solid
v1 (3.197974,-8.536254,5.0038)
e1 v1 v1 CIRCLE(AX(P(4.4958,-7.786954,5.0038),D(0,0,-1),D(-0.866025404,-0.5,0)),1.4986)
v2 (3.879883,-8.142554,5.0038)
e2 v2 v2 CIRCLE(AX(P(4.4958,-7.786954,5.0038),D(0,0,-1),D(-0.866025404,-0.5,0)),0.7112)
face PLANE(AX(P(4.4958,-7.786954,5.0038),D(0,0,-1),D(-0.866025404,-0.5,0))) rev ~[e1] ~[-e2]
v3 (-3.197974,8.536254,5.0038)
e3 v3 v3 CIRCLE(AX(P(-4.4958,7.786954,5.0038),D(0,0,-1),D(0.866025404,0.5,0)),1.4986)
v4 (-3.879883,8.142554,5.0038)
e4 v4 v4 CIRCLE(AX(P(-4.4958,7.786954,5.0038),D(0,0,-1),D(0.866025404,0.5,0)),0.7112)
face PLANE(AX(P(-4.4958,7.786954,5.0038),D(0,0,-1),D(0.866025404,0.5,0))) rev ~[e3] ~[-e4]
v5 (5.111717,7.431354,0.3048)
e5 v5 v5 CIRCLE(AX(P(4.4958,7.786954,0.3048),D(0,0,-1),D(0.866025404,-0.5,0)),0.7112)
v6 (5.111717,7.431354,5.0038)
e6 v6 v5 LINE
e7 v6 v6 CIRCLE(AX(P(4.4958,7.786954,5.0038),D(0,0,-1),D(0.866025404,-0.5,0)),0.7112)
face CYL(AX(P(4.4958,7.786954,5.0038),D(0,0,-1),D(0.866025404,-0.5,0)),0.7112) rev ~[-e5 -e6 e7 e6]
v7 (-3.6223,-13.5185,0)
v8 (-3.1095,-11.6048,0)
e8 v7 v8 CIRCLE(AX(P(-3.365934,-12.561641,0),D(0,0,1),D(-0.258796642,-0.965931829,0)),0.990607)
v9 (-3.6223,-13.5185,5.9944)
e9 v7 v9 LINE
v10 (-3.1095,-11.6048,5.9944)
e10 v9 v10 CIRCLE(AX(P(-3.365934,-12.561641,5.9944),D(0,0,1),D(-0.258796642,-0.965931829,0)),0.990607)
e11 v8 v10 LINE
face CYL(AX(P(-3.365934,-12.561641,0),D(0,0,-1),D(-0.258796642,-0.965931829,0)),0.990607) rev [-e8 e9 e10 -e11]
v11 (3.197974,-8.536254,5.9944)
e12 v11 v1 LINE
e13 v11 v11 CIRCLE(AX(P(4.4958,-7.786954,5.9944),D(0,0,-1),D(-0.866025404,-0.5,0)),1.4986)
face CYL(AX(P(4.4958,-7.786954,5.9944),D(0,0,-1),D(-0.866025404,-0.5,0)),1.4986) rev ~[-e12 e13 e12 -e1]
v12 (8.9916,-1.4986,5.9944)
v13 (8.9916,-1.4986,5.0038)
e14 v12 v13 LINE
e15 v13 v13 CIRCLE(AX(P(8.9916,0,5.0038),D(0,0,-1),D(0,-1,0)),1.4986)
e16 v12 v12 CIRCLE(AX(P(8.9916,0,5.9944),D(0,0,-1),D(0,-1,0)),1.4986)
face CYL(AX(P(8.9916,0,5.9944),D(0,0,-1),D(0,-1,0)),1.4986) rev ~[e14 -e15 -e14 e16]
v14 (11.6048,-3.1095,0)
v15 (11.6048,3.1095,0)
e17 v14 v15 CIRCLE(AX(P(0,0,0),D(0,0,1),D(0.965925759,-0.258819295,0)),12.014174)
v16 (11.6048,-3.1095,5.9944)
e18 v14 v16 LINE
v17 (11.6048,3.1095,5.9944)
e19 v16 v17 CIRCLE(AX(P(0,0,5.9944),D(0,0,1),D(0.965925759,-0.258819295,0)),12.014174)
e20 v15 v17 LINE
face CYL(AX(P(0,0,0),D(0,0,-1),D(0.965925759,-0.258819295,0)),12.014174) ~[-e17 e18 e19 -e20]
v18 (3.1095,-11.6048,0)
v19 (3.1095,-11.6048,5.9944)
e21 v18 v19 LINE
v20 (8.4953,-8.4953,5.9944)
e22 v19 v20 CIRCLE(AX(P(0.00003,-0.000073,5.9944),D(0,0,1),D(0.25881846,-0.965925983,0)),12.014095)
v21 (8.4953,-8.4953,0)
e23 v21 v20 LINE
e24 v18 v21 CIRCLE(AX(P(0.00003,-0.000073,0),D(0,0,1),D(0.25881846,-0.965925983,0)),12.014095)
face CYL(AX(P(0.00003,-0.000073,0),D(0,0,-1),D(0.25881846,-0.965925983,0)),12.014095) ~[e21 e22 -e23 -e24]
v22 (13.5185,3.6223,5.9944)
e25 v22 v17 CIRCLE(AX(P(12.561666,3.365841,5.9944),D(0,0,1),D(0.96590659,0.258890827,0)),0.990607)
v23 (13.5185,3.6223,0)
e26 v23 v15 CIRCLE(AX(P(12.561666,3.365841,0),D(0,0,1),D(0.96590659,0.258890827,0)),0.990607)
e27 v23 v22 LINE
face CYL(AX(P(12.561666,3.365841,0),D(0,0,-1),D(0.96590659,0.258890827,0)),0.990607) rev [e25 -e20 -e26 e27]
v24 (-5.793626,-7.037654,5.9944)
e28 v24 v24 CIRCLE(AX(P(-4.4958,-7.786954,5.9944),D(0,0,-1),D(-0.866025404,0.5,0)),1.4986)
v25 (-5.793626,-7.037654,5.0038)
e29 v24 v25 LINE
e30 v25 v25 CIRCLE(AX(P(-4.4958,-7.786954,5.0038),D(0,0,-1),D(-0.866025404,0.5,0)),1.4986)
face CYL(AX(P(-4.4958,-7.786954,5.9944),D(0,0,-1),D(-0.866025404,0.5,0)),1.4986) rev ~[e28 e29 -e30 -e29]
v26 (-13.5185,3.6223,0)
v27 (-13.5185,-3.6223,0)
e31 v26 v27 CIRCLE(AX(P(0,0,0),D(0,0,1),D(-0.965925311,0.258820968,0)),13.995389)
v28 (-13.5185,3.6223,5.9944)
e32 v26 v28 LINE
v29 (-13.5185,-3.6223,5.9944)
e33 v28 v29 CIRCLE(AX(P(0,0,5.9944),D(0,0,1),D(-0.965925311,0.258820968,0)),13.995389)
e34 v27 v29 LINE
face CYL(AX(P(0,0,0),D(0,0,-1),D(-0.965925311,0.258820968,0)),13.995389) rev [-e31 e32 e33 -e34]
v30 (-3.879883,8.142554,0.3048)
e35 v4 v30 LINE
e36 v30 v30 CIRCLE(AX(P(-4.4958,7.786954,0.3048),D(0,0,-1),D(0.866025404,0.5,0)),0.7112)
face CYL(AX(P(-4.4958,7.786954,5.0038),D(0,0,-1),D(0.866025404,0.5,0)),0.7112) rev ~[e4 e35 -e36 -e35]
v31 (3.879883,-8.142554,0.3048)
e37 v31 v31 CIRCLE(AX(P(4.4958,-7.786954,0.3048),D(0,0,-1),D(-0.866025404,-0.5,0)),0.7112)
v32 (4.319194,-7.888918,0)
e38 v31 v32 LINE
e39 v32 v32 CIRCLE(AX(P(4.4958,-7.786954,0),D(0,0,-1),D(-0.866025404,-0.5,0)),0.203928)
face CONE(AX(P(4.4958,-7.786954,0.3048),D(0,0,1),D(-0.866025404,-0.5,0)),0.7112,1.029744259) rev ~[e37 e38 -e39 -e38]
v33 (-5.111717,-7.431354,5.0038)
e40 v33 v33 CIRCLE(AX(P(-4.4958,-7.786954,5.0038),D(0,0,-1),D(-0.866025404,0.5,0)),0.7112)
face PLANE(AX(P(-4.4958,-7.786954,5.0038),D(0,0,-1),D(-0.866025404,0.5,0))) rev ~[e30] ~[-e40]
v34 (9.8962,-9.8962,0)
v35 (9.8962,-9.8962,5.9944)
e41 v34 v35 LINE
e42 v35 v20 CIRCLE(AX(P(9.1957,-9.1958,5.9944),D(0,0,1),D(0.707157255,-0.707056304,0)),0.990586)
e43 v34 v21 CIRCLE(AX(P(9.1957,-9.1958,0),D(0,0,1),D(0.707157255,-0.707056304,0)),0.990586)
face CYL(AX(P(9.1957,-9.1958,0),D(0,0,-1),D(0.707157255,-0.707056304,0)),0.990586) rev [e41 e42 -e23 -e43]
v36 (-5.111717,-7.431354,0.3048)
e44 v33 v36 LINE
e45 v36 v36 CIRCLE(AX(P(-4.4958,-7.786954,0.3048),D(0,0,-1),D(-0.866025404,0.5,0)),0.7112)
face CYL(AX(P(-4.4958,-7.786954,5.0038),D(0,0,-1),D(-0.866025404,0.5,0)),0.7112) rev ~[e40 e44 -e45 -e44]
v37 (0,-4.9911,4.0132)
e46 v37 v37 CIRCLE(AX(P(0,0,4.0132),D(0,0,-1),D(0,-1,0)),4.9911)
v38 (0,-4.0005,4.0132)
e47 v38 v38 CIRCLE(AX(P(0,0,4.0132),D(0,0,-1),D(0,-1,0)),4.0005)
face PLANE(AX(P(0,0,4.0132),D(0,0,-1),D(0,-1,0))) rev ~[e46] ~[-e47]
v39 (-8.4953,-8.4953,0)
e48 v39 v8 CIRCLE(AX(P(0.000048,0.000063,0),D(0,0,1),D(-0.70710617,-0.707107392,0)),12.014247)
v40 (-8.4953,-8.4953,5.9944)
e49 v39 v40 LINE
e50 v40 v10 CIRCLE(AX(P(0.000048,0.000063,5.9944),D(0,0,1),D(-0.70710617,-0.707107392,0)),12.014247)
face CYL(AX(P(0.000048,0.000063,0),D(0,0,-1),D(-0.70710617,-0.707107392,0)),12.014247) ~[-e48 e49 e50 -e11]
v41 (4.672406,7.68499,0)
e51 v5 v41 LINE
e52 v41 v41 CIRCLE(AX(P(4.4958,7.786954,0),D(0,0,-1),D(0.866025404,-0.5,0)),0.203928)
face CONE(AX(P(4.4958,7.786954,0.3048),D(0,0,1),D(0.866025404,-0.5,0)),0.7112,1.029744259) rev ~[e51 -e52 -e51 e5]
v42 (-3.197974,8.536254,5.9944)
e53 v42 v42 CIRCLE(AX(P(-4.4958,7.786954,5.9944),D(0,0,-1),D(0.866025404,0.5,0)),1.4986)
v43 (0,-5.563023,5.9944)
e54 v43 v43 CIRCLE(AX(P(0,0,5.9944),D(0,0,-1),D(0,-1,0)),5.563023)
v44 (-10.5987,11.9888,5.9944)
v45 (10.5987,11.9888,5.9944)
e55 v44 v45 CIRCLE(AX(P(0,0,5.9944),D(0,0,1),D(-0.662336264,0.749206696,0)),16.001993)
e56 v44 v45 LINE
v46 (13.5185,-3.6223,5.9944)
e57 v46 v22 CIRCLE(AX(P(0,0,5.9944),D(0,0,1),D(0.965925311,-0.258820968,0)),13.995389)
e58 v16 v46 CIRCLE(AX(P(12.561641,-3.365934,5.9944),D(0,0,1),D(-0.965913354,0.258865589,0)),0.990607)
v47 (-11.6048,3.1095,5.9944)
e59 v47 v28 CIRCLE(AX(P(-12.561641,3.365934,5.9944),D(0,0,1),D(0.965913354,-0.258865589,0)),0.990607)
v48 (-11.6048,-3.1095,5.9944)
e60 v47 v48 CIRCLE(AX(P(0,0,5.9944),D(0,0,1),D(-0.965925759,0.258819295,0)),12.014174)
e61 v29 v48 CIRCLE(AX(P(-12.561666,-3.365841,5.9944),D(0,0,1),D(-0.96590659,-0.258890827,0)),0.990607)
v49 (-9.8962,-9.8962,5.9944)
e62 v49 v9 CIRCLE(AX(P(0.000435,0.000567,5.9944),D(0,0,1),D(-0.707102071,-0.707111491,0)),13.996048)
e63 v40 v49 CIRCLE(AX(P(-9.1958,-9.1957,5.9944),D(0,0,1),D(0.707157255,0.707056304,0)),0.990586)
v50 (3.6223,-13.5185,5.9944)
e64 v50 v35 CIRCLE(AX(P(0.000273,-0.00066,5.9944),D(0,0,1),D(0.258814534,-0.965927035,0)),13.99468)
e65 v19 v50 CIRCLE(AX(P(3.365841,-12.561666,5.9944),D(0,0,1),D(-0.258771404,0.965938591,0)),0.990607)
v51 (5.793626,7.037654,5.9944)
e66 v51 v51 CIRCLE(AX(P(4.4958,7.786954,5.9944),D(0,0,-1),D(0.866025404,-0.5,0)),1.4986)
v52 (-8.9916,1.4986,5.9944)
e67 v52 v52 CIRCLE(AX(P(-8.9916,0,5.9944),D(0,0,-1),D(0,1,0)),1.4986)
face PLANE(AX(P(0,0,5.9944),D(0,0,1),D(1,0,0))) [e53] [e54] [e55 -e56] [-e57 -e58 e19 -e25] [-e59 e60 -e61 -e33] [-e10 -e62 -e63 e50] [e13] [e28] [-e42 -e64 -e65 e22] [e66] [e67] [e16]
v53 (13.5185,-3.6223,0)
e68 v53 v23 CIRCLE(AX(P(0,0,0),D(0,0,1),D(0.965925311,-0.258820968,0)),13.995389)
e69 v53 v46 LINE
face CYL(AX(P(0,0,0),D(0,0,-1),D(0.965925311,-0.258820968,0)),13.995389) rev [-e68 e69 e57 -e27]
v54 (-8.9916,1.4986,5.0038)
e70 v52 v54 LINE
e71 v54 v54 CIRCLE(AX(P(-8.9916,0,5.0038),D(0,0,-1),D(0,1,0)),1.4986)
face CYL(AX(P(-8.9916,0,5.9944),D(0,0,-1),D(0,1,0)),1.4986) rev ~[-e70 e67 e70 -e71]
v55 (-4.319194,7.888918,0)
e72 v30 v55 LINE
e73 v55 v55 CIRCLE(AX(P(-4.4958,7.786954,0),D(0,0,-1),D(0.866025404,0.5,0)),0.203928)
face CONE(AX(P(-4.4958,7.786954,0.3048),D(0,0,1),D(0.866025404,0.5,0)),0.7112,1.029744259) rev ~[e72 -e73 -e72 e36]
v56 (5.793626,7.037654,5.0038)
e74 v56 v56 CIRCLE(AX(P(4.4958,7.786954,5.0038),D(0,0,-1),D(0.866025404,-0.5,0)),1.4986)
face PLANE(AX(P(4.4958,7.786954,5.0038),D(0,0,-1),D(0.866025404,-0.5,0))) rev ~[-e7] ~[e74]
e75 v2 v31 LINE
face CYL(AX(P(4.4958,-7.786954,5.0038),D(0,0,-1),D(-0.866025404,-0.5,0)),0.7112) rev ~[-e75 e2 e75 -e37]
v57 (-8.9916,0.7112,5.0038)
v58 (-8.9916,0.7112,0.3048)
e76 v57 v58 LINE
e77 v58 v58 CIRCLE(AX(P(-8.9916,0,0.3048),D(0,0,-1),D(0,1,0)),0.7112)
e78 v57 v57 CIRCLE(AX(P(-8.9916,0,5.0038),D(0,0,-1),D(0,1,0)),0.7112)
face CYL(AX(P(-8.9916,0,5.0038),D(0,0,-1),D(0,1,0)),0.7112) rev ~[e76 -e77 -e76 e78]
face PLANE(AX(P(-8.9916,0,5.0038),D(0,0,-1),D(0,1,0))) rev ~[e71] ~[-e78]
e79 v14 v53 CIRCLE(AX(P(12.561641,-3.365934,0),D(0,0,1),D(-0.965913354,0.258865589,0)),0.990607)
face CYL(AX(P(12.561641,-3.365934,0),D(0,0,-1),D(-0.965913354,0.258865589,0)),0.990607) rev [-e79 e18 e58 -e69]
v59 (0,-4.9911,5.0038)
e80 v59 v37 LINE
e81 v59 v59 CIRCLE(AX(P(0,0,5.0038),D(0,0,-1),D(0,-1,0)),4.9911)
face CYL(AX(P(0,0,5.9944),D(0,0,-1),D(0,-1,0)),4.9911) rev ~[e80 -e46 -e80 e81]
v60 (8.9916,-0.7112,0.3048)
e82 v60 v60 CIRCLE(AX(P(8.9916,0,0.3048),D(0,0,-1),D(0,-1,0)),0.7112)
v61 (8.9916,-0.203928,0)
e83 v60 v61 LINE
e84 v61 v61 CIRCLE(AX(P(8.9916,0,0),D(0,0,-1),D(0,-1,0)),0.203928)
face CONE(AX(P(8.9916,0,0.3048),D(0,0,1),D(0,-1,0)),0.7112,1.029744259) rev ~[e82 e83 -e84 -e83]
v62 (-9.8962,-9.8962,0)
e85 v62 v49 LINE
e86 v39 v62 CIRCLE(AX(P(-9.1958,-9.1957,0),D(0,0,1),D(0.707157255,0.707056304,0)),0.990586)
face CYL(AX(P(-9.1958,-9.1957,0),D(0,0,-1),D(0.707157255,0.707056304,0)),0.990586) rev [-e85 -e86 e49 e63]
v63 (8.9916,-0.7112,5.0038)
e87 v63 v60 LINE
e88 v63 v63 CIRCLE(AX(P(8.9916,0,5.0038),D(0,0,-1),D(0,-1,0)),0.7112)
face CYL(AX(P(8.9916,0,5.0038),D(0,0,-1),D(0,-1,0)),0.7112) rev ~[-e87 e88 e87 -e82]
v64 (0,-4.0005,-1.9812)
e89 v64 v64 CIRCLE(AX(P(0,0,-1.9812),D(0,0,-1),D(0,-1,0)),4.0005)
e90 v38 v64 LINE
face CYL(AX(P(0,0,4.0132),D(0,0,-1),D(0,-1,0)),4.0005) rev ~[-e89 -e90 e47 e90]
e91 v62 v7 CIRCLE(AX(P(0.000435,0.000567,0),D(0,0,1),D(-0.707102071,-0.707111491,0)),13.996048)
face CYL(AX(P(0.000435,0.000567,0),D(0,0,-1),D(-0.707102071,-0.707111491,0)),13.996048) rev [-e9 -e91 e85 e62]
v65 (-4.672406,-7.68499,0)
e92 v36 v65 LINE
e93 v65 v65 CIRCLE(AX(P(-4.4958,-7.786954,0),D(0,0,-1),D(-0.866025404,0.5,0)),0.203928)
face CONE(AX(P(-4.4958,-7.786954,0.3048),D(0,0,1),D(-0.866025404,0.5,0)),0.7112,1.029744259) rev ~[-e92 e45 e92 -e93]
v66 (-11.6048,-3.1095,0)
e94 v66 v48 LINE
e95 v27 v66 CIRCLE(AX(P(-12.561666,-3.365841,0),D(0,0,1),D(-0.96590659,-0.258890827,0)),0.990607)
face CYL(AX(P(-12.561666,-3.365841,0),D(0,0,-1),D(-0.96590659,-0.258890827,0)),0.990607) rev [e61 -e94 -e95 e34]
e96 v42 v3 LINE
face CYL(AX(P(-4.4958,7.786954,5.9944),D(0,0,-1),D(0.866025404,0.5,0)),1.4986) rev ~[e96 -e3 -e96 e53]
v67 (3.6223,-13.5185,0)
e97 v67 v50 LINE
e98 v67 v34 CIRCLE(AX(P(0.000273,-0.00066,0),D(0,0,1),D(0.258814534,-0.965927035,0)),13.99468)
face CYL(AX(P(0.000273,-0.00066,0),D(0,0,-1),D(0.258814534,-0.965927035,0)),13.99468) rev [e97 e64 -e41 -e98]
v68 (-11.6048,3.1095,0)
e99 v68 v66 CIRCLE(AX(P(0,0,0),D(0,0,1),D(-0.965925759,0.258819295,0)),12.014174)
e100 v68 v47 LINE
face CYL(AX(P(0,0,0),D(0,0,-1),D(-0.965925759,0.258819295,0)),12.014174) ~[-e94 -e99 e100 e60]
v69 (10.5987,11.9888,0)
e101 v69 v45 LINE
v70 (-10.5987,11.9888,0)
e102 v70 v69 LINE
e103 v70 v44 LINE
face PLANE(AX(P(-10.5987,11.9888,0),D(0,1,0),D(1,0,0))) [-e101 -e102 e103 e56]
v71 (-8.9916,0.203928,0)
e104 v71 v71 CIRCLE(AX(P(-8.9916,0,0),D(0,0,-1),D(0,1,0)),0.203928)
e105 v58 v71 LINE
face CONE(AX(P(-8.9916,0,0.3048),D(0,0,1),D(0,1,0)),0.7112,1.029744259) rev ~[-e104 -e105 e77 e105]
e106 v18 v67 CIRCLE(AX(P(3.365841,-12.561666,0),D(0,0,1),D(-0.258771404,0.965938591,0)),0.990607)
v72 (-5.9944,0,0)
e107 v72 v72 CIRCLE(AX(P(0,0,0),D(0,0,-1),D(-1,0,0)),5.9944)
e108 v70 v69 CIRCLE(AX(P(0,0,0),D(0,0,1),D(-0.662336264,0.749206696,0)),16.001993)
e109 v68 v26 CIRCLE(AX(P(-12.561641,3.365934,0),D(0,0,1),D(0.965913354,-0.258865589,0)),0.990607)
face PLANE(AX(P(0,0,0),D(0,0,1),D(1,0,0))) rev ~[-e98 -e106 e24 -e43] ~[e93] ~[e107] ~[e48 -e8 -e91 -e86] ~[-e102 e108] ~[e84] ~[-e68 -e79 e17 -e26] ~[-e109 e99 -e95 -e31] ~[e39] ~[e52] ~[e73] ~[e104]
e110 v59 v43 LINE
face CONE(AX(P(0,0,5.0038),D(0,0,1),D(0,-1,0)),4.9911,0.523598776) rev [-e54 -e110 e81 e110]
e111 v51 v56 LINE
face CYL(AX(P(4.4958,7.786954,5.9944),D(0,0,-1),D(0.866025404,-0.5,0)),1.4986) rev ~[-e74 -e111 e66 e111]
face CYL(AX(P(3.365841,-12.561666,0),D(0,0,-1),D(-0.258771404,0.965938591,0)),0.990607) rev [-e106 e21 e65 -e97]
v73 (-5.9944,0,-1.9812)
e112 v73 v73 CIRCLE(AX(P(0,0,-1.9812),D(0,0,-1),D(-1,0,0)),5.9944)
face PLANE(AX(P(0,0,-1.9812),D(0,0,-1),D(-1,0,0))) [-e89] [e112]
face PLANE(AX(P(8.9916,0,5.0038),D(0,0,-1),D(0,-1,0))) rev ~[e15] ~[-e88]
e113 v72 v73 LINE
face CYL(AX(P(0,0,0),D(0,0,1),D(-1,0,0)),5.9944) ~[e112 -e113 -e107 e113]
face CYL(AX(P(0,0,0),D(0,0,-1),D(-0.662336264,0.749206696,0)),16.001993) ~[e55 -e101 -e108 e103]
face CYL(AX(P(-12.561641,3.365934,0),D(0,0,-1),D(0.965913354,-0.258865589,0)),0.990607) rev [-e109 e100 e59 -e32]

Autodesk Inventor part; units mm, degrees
ref_plane "YZ Plane" through (0, 0, 0) normal (1, 0, 0) x (0, 1, 0)
ref_plane "XZ Plane" through (0, 0, 0) normal (0, 1, 0) x (-1, 0, 0)
ref_plane "XY Plane" through (0, 0, 0) normal (0, 0, 1) x (1, 0, 0)
sketch "Sketch1" plane through (0, 0, 0) normal (0, 0, 1) x (1, 0, 0)
  arc A0 (-10.5987, 11.9888) -> (10.5987, 11.9888) centre (0, 0) ccw
  line L0 (-10.5987, 11.9888) -> (10.5987, 11.9888)
  arc A1 (12.5617, -3.3659) -> (12.5617, 3.3659) centre (0, 0) ccw construction
  arc A2 (13.5185, -3.6223) -> (13.5185, 3.6223) centre (0, 0) ccw
  arc A3 (11.6048, -3.1095) -> (11.6048, 3.1095) centre (0, 0) ccw
  arc A4 (11.6048, -3.1095) -> (13.5185, -3.6223) centre (12.5617, -3.3659) ccw
  arc A5 (13.5185, 3.6223) -> (11.6048, 3.1095) centre (12.5617, 3.3659) ccw
  line L1 (0, 0) -> (20.2969, 0) construction
  arc A6 (3.6223, -13.5185) -> (9.8962, -9.8962) centre (0, 0) ccw
  arc A7 (3.1095, -11.6048) -> (3.6223, -13.5185) centre (3.3659, -12.5617) ccw
  arc A8 (3.1095, -11.6048) -> (8.4953, -8.4953) centre (0, 0) ccw
  arc A9 (9.8962, -9.8962) -> (8.4953, -8.4953) centre (9.1958, -9.1958) ccw
  arc A10 (3.3659, -12.5617) -> (9.1958, -9.1958) centre (0, 0) ccw construction
  arc A11 (-9.8962, -9.8962) -> (-3.6223, -13.5185) centre (0, 0) ccw
  arc A12 (-8.4953, -8.4953) -> (-9.8962, -9.8962) centre (-9.1958, -9.1958) ccw
  arc A13 (-8.4953, -8.4953) -> (-3.1095, -11.6048) centre (0, 0) ccw
  arc A14 (-3.6223, -13.5185) -> (-3.1095, -11.6048) centre (-3.3659, -12.5617) ccw
  arc A15 (-9.1958, -9.1958) -> (-3.3659, -12.5617) centre (0, 0) ccw construction
  arc A16 (-13.5185, 3.6223) -> (-13.5185, -3.6223) centre (0, 0) ccw
  arc A17 (-11.6048, 3.1095) -> (-13.5185, 3.6223) centre (-12.5617, 3.3659) ccw
  arc A18 (-11.6048, 3.1095) -> (-11.6048, -3.1095) centre (0, 0) ccw
  arc A19 (-13.5185, -3.6223) -> (-11.6048, -3.1095) centre (-12.5617, -3.3659) ccw
  arc A20 (-12.5617, 3.3659) -> (-12.5617, -3.3659) centre (0, 0) ccw construction
  dimension "d0" = 27.9908
  dimension "d1" = 16.002
  dimension "d2" = 30
  dimension "d3" = 13.0048
  dimension "d4" = 0.9906
  dimension "d7" = 180
extrude "Extrusion1" add sketch "Sketch1" along normal blind 5.9944
sketch "Sketch2" plane through (0, 0, 0) normal (0, 0, -1) x (-1, 0, 0)
  circle A0 centre (0, 0) radius 5.9944
  dimension "d11" = 11.9888
extrude "Extrusion2" add sketch "Sketch2" along normal blind 1.9812
hole "Hole1" at (0, 0, 5.9944) direction (0, 0, -1) diameter 8.001 end through all counterbore diameter 9.9822 counterbore depth 1.9812
sketch "Sketch3" plane through (0, 0, 5.9944) normal (0, 0, 1) x (1, 0, 0)
  point P0 (0, 0)
  point P1 (8.9916, 0)
  dimension "d23" = 8.9916
hole "Hole2" at (8.9916, 0, 5.9944) direction (0, 0, -1) diameter 1.4224 depth 5.6896 tip angle 118 counterbore diameter 2.9972 counterbore depth 0.9906
pattern_circular "Circular Pattern1" count 6 over 360 about axis through (0, 0, 0) along (0, 0, 1) of "Hole2"
chamfer "Chamfer1" distance 0.9906 angle 30 1 edges at (0, 4.9911, 5.9944) measured on face at (0.4016, -4.9749, 5.334)
properties part number "Ch5_tut1"
